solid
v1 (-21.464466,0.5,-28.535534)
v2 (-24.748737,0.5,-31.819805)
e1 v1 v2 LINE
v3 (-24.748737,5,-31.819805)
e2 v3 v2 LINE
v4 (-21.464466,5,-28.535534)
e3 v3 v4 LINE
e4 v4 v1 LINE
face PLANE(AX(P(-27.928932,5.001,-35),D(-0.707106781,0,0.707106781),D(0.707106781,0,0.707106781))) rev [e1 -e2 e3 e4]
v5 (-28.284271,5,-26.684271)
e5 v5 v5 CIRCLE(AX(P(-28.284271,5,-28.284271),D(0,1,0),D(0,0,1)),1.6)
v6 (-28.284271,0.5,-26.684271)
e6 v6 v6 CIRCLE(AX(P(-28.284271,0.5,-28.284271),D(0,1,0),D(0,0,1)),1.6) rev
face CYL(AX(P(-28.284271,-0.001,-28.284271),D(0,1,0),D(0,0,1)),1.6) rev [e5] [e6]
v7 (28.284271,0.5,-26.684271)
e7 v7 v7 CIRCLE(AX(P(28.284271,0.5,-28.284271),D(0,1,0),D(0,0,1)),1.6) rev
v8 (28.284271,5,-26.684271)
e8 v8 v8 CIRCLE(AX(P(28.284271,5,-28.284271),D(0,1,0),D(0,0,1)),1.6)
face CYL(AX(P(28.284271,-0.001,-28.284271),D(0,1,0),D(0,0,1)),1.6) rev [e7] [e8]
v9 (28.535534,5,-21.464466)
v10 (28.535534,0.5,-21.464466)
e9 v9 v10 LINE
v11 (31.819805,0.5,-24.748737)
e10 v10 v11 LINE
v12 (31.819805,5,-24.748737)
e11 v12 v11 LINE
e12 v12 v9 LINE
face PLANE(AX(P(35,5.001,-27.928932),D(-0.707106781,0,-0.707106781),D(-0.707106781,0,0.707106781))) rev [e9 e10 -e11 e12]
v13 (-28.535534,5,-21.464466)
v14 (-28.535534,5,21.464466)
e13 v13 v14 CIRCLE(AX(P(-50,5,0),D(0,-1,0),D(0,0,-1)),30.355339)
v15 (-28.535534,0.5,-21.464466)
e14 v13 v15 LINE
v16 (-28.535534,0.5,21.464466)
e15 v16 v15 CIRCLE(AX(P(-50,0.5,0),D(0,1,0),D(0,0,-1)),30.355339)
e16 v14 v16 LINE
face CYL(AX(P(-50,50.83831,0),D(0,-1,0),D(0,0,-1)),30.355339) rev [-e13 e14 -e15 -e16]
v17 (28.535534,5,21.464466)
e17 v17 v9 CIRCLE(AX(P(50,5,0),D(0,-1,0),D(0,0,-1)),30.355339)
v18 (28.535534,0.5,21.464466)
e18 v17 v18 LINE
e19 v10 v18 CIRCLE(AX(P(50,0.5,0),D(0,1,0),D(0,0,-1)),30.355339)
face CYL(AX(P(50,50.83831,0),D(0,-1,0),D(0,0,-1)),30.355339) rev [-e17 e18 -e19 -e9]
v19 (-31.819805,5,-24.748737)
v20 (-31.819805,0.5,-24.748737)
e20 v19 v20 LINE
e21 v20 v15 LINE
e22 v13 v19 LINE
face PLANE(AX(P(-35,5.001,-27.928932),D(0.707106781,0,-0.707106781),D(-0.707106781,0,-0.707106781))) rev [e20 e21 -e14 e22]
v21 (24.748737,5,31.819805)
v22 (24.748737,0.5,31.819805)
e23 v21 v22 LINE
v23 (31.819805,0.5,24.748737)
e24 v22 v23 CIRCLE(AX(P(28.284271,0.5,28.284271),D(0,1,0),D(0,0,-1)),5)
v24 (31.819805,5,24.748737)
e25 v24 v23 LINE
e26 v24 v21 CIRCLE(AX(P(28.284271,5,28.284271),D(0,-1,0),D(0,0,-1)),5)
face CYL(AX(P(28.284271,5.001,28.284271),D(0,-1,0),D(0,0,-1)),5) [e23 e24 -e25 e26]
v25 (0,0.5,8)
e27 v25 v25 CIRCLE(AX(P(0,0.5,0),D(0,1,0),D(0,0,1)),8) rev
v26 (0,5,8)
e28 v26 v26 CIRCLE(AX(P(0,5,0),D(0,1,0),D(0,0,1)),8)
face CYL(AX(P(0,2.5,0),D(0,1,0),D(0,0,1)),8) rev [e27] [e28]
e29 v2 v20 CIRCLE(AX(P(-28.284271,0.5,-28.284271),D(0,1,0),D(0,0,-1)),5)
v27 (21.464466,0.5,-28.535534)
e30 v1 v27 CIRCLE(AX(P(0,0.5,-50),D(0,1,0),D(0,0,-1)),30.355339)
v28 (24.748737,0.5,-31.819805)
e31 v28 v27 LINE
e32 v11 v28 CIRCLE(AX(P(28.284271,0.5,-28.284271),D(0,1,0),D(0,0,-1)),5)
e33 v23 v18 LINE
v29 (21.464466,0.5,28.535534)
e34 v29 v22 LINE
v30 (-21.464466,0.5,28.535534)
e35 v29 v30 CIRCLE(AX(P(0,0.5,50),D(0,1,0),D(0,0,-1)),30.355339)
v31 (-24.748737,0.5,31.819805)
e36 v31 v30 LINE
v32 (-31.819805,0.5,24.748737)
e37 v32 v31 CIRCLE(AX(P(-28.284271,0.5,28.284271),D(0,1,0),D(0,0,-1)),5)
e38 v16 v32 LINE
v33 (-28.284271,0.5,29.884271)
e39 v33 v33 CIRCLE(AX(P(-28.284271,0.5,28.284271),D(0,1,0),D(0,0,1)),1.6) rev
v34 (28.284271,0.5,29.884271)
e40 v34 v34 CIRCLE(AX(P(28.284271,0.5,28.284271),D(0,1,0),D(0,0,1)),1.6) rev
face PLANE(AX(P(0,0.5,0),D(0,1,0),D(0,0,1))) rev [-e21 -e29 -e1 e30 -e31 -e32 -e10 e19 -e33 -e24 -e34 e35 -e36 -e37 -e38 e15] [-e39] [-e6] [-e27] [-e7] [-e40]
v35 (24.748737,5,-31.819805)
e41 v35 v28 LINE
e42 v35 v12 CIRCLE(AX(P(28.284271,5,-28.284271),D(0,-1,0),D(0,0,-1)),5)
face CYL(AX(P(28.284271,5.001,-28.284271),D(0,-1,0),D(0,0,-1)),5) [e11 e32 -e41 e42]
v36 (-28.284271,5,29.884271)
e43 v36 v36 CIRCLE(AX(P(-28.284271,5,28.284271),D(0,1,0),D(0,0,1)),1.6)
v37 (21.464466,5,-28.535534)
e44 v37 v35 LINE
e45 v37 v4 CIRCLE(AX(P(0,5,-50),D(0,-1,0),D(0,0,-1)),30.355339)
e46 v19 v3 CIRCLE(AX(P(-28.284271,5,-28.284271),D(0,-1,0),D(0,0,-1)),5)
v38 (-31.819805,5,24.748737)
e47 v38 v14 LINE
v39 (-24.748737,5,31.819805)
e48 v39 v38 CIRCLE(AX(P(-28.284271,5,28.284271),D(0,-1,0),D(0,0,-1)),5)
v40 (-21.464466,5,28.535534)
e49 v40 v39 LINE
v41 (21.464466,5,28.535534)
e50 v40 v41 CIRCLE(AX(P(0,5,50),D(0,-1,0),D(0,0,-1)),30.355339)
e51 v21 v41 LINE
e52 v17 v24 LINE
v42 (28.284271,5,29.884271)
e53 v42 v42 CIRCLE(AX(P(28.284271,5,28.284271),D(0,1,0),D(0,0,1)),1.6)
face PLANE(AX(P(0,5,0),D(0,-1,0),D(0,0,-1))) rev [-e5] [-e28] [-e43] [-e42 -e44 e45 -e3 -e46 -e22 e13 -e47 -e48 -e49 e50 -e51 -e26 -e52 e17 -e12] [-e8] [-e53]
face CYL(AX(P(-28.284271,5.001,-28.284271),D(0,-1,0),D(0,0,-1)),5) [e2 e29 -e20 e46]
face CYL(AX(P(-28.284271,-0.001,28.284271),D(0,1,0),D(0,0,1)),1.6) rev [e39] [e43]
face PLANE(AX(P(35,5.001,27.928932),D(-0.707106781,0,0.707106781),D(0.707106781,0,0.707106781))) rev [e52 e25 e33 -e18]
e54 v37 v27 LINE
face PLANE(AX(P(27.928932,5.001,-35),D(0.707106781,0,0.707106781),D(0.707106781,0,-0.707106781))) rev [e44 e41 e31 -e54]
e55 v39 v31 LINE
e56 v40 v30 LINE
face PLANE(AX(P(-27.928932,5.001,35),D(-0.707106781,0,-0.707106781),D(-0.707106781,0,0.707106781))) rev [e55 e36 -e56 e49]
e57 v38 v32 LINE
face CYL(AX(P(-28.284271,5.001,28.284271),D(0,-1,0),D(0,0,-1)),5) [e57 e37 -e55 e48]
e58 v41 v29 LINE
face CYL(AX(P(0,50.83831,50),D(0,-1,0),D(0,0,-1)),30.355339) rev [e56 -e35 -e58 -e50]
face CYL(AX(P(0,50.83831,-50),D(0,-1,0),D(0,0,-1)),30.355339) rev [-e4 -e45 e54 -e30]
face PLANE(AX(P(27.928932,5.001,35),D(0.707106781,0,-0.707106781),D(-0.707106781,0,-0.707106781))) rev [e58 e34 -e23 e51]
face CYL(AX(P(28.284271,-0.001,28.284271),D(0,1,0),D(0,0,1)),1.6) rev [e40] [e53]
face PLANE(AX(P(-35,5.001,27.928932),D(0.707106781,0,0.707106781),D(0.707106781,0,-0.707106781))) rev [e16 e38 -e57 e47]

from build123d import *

# Parameters (mm, degrees)
SKETCH_1_W          = 70
SKETCH_1_H          = 70
EXTRUDE_1_DEPTH     = 5
SKETCH_2_R          = 8
CUT_EXTRUDE_1_DEPTH = 2.5
CUT_EXTRUDE_2_REACH = 4.5
SKETCH_3_R          = 6.5
SKETCH_4_W          = 70
SKETCH_4_H          = 70
SKETCH_4_R          = 10
CUT_EXTRUDE_3_DEPTH = 0.5
CUT_EXTRUDE_4_REACH = 7
SKETCH_5_R          = 1.6
CUT_EXTRUDE_6_REACH = 6.5
CUT_EXTRUDE_7_REACH = 6.5
FILLET_1_R          = 10
SKETCH_8_R          = 10
CUT_EXTRUDE_8_DEPTH = 0.5
EXTRUDE_2_DEPTH     = 4.5
CUT_EXTRUDE_9_REACH = 4
SKETCH_10_R         = 8
SKETCH_10_R_2       = 6.5


with BuildPart() as part:
    # 草图1 → 凸台-拉伸1 (new body)
    with BuildSketch(Plane(origin=(0, 0, 0), x_dir=(1, 0, 0), z_dir=(0, 1, 0))):
        Rectangle(SKETCH_1_W, SKETCH_1_H)
    extrude(amount=EXTRUDE_1_DEPTH)

    # 草图2 → 切除-拉伸1 (cut)
    with BuildSketch(Plane(origin=(0, 5, 0), x_dir=(1, 0, 0), z_dir=(0, 1, 0))):
        Circle(SKETCH_2_R)
    extrude(amount=-CUT_EXTRUDE_1_DEPTH, mode=Mode.SUBTRACT)

    # 草图3 → 切除-拉伸2 (cut, up to next)
    with BuildSketch(Plane(origin=(0, 2.5, 0), x_dir=(1, 0, 0), z_dir=(0, 1, 0)), mode=Mode.PRIVATE) as cut_extrude_2_sk1:
        Circle(SKETCH_3_R)
    cut_extrude_2_tool1 = extrude(cut_extrude_2_sk1.sketch, amount=-CUT_EXTRUDE_2_REACH, mode=Mode.PRIVATE) & part.part
    add(cut_extrude_2_tool1.solids().sort_by_distance((0, 2.5, 0))[0], mode=Mode.SUBTRACT)

    # 草图4 → 切除-拉伸3 (cut)
    with BuildSketch(Plane.XZ):
        Rectangle(SKETCH_4_W, SKETCH_4_H)
        Circle(SKETCH_4_R, mode=Mode.SUBTRACT)
    extrude(amount=-CUT_EXTRUDE_3_DEPTH, mode=Mode.SUBTRACT)

    # 草图5 → 切除-拉伸4 (cut, up to next)
    with BuildSketch(Plane(origin=(0, 5, 0), x_dir=(1, 0, 0), z_dir=(0, 1, 0)), mode=Mode.PRIVATE) as cut_extrude_4_sk1:
        with Locations((28.284271247, -28.284271247)):
            Circle(SKETCH_5_R)
    cut_extrude_4_tool1 = extrude(cut_extrude_4_sk1.sketch, amount=-CUT_EXTRUDE_4_REACH, mode=Mode.PRIVATE) & part.part
    add(cut_extrude_4_tool1.solids().sort_by_distance((28.284271, 5, 28.284271))[0], mode=Mode.SUBTRACT)
    # 草图5 → 切除-拉伸4 (cut, up to next)
    with BuildSketch(Plane(origin=(0, 5, 0), x_dir=(1, 0, 0), z_dir=(0, 1, 0)), mode=Mode.PRIVATE) as cut_extrude_4_sk2:
        with Locations((-28.284271247, -28.284271247)):
            Circle(SKETCH_5_R)
    cut_extrude_4_tool2 = extrude(cut_extrude_4_sk2.sketch, amount=-CUT_EXTRUDE_4_REACH, mode=Mode.PRIVATE) & part.part
    add(cut_extrude_4_tool2.solids().sort_by_distance((-28.284271, 5, 28.284271))[0], mode=Mode.SUBTRACT)
    # 草图5 → 切除-拉伸4 (cut, up to next)
    with BuildSketch(Plane(origin=(0, 5, 0), x_dir=(1, 0, 0), z_dir=(0, 1, 0)), mode=Mode.PRIVATE) as cut_extrude_4_sk3:
        with Locations((-28.284271247, 28.284271247)):
            Circle(SKETCH_5_R)
    cut_extrude_4_tool3 = extrude(cut_extrude_4_sk3.sketch, amount=-CUT_EXTRUDE_4_REACH, mode=Mode.PRIVATE) & part.part
    add(cut_extrude_4_tool3.solids().sort_by_distance((-28.284271, 5, -28.284271))[0], mode=Mode.SUBTRACT)
    # 草图5 → 切除-拉伸4 (cut, up to next)
    with BuildSketch(Plane(origin=(0, 5, 0), x_dir=(1, 0, 0), z_dir=(0, 1, 0)), mode=Mode.PRIVATE) as cut_extrude_4_sk4:
        with Locations((28.284271247, 28.284271247)):
            Circle(SKETCH_5_R)
    cut_extrude_4_tool4 = extrude(cut_extrude_4_sk4.sketch, amount=-CUT_EXTRUDE_4_REACH, mode=Mode.PRIVATE) & part.part
    add(cut_extrude_4_tool4.solids().sort_by_distance((28.284271, 5, -28.284271))[0], mode=Mode.SUBTRACT)

    # 草图6 → 切除-拉伸6 (cut, up to next)
    with BuildSketch(Plane.XZ.offset(-0.5), mode=Mode.PRIVATE) as cut_extrude_6_sk1:
        with BuildLine():
            Line((27.928932188, 35), (4.565391967, 11.636459779))
            ThreePointArc((4.565391967, 11.636459779), (0, 12.5), (-4.565391967, 11.636459779))
            Line((-4.565391967, 11.636459779), (-27.928932188, 35))
            Line((-27.928932188, 35), (27.928932188, 35))
        make_face()
    cut_extrude_6_tool1 = extrude(cut_extrude_6_sk1.sketch, amount=-CUT_EXTRUDE_6_REACH, mode=Mode.PRIVATE) & part.part
    add(cut_extrude_6_tool1.solids().sort_by_distance((0, 0.5, 26.217235))[0], mode=Mode.SUBTRACT)
    # 草图6 → 切除-拉伸6 (cut, up to next)
    with BuildSketch(Plane.XZ.offset(-0.5), mode=Mode.PRIVATE) as cut_extrude_6_sk2:
        with BuildLine():
            Line((35, -27.928932188), (11.636459779, -4.565391967))
            ThreePointArc((11.636459779, -4.565391967), (12.5, 0), (11.636459779, 4.565391967))
            Line((11.636459779, 4.565391967), (35, 27.928932188))
            Line((35, 27.928932188), (35, -27.928932188))
        make_face()
    cut_extrude_6_tool2 = extrude(cut_extrude_6_sk2.sketch, amount=-CUT_EXTRUDE_6_REACH, mode=Mode.PRIVATE) & part.part
    add(cut_extrude_6_tool2.solids().sort_by_distance((26.217235, 0.5, 0))[0], mode=Mode.SUBTRACT)
    # 草图6 → 切除-拉伸6 (cut, up to next)
    with BuildSketch(Plane.XZ.offset(-0.5), mode=Mode.PRIVATE) as cut_extrude_6_sk3:
        with BuildLine():
            Line((-27.928932188, -35), (-4.565391967, -11.636459779))
            ThreePointArc((-4.565391967, -11.636459779), (0, -12.5), (4.565391967, -11.636459779))
            Line((4.565391967, -11.636459779), (27.928932188, -35))
            Line((27.928932188, -35), (-27.928932188, -35))
        make_face()
    cut_extrude_6_tool3 = extrude(cut_extrude_6_sk3.sketch, amount=-CUT_EXTRUDE_6_REACH, mode=Mode.PRIVATE) & part.part
    add(cut_extrude_6_tool3.solids().sort_by_distance((0, 0.5, -26.217235))[0], mode=Mode.SUBTRACT)
    # 草图6 → 切除-拉伸6 (cut, up to next)
    with BuildSketch(Plane.XZ.offset(-0.5), mode=Mode.PRIVATE) as cut_extrude_6_sk4:
        with BuildLine():
            Line((-35, 27.928932188), (-11.636459779, 4.565391967))
            ThreePointArc((-11.636459779, 4.565391967), (-12.5, 0), (-11.636459779, -4.565391967))
            Line((-11.636459779, -4.565391967), (-35, -27.928932188))
            Line((-35, -27.928932188), (-35, 27.928932188))
        make_face()
    cut_extrude_6_tool4 = extrude(cut_extrude_6_sk4.sketch, amount=-CUT_EXTRUDE_6_REACH, mode=Mode.PRIVATE) & part.part
    add(cut_extrude_6_tool4.solids().sort_by_distance((-26.217235, 0.5, 0))[0], mode=Mode.SUBTRACT)

    # 草图7 → 切除-拉伸7 (cut, up to next)
    with BuildSketch(Plane.XZ.offset(-0.5), mode=Mode.PRIVATE) as cut_extrude_7_sk1:
        with BuildLine():
            Line((35, 27.928932188), (35, 35))
            Line((35, 35), (27.928932188, 35))
            Line((27.928932188, 35), (24.748737342, 31.819805153))
            ThreePointArc((24.748737342, 31.819805153), (31.819805153, 31.819805153), (31.819805153, 24.748737342))
            Line((31.819805153, 24.748737342), (35, 27.928932188))
        make_face()
    cut_extrude_7_tool1 = extrude(cut_extrude_7_sk1.sketch, amount=-CUT_EXTRUDE_7_REACH, mode=Mode.PRIVATE) & part.part
    add(cut_extrude_7_tool1.solids().sort_by_distance((32.243136, 0.5, 32.243136))[0], mode=Mode.SUBTRACT)
    # 草图7 → 切除-拉伸7 (cut, up to next)
    with BuildSketch(Plane.XZ.offset(-0.5), mode=Mode.PRIVATE) as cut_extrude_7_sk2:
        with BuildLine():
            Line((27.928932188, -35), (24.748737342, -31.819805153))
            ThreePointArc((24.748737342, -31.819805153), (31.819805153, -31.819805153), (31.819805153, -24.748737342))
            Line((31.819805153, -24.748737342), (35, -27.928932188))
            Line((35, -27.928932188), (35, -35))
            Line((35, -35), (27.928932188, -35))
        make_face()
    cut_extrude_7_tool2 = extrude(cut_extrude_7_sk2.sketch, amount=-CUT_EXTRUDE_7_REACH, mode=Mode.PRIVATE) & part.part
    add(cut_extrude_7_tool2.solids().sort_by_distance((32.243136, 0.5, -32.243136))[0], mode=Mode.SUBTRACT)
    # 草图7 → 切除-拉伸7 (cut, up to next)
    with BuildSketch(Plane.XZ.offset(-0.5), mode=Mode.PRIVATE) as cut_extrude_7_sk3:
        with BuildLine():
            Line((-35, -27.928932188), (-31.819805153, -24.748737342))
            ThreePointArc((-31.819805153, -24.748737342), (-31.819805153, -31.819805153), (-24.748737342, -31.819805153))
            Line((-24.748737342, -31.819805153), (-27.928932188, -35))
            Line((-27.928932188, -35), (-35, -35))
            Line((-35, -35), (-35, -27.928932188))
        make_face()
    cut_extrude_7_tool3 = extrude(cut_extrude_7_sk3.sketch, amount=-CUT_EXTRUDE_7_REACH, mode=Mode.PRIVATE) & part.part
    add(cut_extrude_7_tool3.solids().sort_by_distance((-32.243136, 0.5, -32.243136))[0], mode=Mode.SUBTRACT)
    # 草图7 → 切除-拉伸7 (cut, up to next)
    with BuildSketch(Plane.XZ.offset(-0.5), mode=Mode.PRIVATE) as cut_extrude_7_sk4:
        with BuildLine():
            Line((-27.928932188, 35), (-24.748737342, 31.819805153))
            ThreePointArc((-24.748737342, 31.819805153), (-31.819805153, 31.819805153), (-31.819805153, 24.748737342))
            Line((-31.819805153, 24.748737342), (-35, 27.928932188))
            Line((-35, 27.928932188), (-35, 35))
            Line((-35, 35), (-27.928932188, 35))
        make_face()
    cut_extrude_7_tool4 = extrude(cut_extrude_7_sk4.sketch, amount=-CUT_EXTRUDE_7_REACH, mode=Mode.PRIVATE) & part.part
    add(cut_extrude_7_tool4.solids().sort_by_distance((-32.243136, 0.5, 32.243136))[0], mode=Mode.SUBTRACT)

    # 圆角1
    fillet_1_edges = [part.edges().sort_by_distance(p)[0] for p in [
        (4.565391967, 2.75, 11.636459779),
        (-4.565391967, 2.75, 11.636459779),
        (11.636459779, 2.75, -4.565391967),
        (11.636459779, 2.75, 4.565391967),
        (-4.565391967, 2.75, -11.636459779),
        (4.565391967, 2.75, -11.636459779),
        (-11.636459779, 2.75, 4.565391967),
        (-11.636459779, 2.75, -4.565391967),
    ]]
    fillet(fillet_1_edges, radius=FILLET_1_R)

    # 草图8 → 切除-拉伸8 (cut)
    with BuildSketch(Plane.XZ):
        Circle(SKETCH_8_R)
    extrude(amount=-CUT_EXTRUDE_8_DEPTH, mode=Mode.SUBTRACT)

    # 草图9 → 凸台-拉伸2 (add)
    with BuildSketch(Plane.XZ.offset(-0.5)):
        with BuildLine():
            Line((8.32300732, 15.394075132), (21.464466094, 28.535533906))
            ThreePointArc((21.464466094, 28.535533906), (0, 19.644660941), (-21.464466094, 28.535533906))
            Line((-21.464466094, 28.535533906), (-8.32300732, 15.394075132))
            ThreePointArc((-8.32300732, 15.394075132), (-4.820160406, 13.123419354), (-0.695521949, 12.480634969))
            ThreePointArc((-0.695521949, 12.480634969), (0, 12.5), (0.695521949, 12.480634969))
            ThreePointArc((0.695521949, 12.480634969), (4.820160406, 13.123419354), (8.32300732, 15.394075132))
        make_face()
        with BuildLine():
            Line((28.535533906, 21.464466094), (15.394075132, 8.32300732))
            ThreePointArc((15.394075132, 8.32300732), (13.123419354, 4.820160406), (12.480634969, 0.695521949))
            ThreePointArc((12.480634969, 0.695521949), (12.5, 0), (12.480634969, -0.695521949))
            ThreePointArc((12.480634969, -0.695521949), (13.123419354, -4.820160406), (15.394075132, -8.32300732))
            Line((15.394075132, -8.32300732), (28.535533906, -21.464466094))
            ThreePointArc((28.535533906, -21.464466094), (19.644660941, 0), (28.535533906, 21.464466094))
        make_face()
        with BuildLine():
            Line((21.464466094, -28.535533906), (8.32300732, -15.394075132))
            ThreePointArc((8.32300732, -15.394075132), (4.820160406, -13.123419354), (0.695521949, -12.480634969))
            ThreePointArc((0.695521949, -12.480634969), (0, -12.5), (-0.695521949, -12.480634969))
            ThreePointArc((-0.695521949, -12.480634969), (-4.820160406, -13.123419354), (-8.32300732, -15.394075132))
            Line((-8.32300732, -15.394075132), (-21.464466094, -28.535533906))
            ThreePointArc((-21.464466094, -28.535533906), (0, -19.644660941), (21.464466094, -28.535533906))
        make_face()
        with BuildLine():
            Line((-28.535533906, -21.464466094), (-15.394075132, -8.32300732))
            ThreePointArc((-15.394075132, -8.32300732), (-13.123419354, -4.820160406), (-12.480634969, -0.695521949))
            ThreePointArc((-12.480634969, -0.695521949), (-12.5, 0), (-12.480634969, 0.695521949))
            ThreePointArc((-12.480634969, 0.695521949), (-13.123419354, 4.820160406), (-15.394075132, 8.32300732))
            Line((-15.394075132, 8.32300732), (-28.535533906, 21.464466094))
            ThreePointArc((-28.535533906, 21.464466094), (-19.644660941, 0), (-28.535533906, -21.464466094))
        make_face()
    extrude(amount=-EXTRUDE_2_DEPTH)

    # 草图10 → 切除-拉伸9 (cut, up to next)
    with BuildSketch(Plane(origin=(0, 2.5, 0), x_dir=(1, 0, 0), z_dir=(0, 1, 0)), mode=Mode.PRIVATE) as cut_extrude_9_sk1:
        Circle(SKETCH_10_R)
        Circle(SKETCH_10_R_2, mode=Mode.SUBTRACT)
    cut_extrude_9_tool1 = extrude(cut_extrude_9_sk1.sketch, amount=-CUT_EXTRUDE_9_REACH, mode=Mode.PRIVATE) & part.part
    add(cut_extrude_9_tool1.solids().sort_by_distance((-7.773726, 2.5, 0))[0], mode=Mode.SUBTRACT)


solid = part.part
